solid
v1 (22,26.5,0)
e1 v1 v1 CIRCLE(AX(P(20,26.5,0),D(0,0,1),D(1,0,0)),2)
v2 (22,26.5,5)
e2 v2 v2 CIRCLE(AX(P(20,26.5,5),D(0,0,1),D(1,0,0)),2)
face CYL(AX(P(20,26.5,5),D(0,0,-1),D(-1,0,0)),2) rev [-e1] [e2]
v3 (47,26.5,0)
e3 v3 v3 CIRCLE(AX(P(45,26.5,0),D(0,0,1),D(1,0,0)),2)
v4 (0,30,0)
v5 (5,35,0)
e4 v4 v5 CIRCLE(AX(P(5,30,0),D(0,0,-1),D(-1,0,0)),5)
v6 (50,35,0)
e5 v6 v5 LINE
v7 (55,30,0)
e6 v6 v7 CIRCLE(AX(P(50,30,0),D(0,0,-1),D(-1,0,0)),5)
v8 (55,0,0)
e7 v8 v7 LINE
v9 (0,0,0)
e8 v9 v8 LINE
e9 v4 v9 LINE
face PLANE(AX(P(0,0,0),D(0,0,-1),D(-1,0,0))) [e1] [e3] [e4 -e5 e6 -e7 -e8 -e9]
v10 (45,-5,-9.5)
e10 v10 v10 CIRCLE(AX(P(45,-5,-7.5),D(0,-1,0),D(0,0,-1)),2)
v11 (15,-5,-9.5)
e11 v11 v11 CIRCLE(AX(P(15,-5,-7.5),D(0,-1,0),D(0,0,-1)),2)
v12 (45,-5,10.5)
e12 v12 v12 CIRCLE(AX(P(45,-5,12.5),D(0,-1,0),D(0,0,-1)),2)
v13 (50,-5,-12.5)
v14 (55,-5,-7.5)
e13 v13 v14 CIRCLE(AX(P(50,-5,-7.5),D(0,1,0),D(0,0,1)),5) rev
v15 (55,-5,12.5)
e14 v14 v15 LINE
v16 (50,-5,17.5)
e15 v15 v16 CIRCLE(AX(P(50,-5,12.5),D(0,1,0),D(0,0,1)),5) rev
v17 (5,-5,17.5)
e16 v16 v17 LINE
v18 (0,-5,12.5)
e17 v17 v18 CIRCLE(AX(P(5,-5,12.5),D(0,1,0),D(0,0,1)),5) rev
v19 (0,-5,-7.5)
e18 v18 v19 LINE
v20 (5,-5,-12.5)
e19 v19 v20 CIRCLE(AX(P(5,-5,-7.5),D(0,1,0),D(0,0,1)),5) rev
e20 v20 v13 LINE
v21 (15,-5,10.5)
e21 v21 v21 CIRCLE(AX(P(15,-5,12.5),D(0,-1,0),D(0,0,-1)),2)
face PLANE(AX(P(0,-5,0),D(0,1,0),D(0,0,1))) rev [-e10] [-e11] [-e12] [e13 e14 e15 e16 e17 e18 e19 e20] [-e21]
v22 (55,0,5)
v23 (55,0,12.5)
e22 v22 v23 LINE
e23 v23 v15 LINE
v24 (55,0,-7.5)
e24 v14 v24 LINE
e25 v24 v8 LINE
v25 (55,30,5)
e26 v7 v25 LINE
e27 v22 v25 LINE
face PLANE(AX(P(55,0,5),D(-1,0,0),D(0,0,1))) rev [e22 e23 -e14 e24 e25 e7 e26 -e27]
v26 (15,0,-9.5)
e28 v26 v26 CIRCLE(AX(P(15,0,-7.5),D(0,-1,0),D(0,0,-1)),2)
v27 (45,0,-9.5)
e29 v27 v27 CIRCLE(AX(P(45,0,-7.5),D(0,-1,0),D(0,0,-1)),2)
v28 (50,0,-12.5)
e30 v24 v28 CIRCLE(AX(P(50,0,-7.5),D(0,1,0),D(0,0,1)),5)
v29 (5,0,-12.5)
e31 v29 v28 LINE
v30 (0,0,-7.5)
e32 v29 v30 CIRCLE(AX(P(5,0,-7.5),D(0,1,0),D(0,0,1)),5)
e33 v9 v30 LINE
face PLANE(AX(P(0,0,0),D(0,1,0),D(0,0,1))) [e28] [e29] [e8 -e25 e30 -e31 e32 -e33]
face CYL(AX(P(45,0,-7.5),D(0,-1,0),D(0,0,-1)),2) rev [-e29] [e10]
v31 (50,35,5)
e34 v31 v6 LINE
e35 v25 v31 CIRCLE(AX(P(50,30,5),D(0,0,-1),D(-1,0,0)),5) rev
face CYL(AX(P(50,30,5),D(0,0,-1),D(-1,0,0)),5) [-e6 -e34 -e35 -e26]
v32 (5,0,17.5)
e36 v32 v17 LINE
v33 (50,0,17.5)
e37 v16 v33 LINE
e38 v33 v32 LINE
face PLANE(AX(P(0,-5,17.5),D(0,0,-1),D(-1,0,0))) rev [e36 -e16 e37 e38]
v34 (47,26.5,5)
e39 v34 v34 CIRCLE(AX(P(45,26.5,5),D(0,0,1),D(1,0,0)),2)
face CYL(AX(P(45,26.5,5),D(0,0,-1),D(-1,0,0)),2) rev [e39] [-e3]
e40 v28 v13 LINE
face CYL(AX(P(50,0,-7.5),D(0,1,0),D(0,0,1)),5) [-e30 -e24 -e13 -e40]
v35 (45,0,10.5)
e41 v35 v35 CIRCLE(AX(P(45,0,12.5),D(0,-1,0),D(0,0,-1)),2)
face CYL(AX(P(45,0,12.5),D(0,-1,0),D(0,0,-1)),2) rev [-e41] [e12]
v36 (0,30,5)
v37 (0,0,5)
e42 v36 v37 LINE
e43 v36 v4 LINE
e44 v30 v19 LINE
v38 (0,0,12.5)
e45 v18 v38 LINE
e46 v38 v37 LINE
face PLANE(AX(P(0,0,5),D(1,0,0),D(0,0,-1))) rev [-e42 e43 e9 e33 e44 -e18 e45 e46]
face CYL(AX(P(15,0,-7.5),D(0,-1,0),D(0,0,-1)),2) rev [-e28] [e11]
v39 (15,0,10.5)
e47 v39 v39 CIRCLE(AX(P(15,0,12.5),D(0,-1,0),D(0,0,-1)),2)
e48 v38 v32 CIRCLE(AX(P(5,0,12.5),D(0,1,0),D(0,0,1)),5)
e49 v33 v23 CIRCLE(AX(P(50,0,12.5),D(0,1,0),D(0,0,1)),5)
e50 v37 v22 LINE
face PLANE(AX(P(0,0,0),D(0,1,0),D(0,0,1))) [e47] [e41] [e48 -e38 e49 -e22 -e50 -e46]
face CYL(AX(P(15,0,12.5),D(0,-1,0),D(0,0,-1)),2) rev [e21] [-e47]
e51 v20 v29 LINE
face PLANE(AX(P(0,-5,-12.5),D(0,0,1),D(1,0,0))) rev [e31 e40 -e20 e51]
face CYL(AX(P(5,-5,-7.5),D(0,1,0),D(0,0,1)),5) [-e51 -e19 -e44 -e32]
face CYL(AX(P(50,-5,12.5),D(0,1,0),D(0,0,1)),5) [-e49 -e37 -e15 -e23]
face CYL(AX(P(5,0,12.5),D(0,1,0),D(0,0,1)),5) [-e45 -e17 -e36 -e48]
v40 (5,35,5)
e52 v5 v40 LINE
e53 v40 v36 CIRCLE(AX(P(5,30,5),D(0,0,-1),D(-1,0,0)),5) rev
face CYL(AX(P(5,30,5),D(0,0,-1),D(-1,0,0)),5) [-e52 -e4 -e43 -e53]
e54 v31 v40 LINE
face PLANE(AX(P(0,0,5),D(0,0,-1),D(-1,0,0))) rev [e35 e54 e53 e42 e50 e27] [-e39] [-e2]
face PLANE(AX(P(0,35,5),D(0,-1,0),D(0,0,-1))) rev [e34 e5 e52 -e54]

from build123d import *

# Parameters (mm, degrees)
SKETCH1_W           = 55
SKETCH1_H           = 35
SKETCH1_R           = 2
BOSS_EXTRUDE1_DEPTH = 5
SKETCH2_W           = 55
SKETCH2_H           = 30
BOSS_EXTRUDE2_DEPTH = 5
CUT_EXTRUDE1_DEPTH  = 5
FILLET1_R           = 5


with BuildPart() as part:
    # Sketch1 → Boss-Extrude1 (new body)
    with BuildSketch(Plane.XY):
        with Locations((27.5, 17.5)):
            Rectangle(SKETCH1_W, SKETCH1_H)
        with Locations((20, 26.5)):
            Circle(SKETCH1_R, mode=Mode.SUBTRACT)
        with Locations((45, 26.5)):
            Circle(SKETCH1_R, mode=Mode.SUBTRACT)
    extrude(amount=BOSS_EXTRUDE1_DEPTH)

    # Sketch2 → Boss-Extrude2 (add)
    with BuildSketch(Plane.XZ):
        with Locations((27.5, 2.5)):
            Rectangle(SKETCH2_W, SKETCH2_H)
    extrude(amount=BOSS_EXTRUDE2_DEPTH)

    # Sketch5 → Cut-Extrude1 (cut)
    with BuildSketch(Plane.XZ.offset(5)):
        with BuildLine():
            ThreePointArc((17, 12.5), (13.585786438, 13.914213562), (15, 10.5))
            Line((15, 10.5), (15, 12.5))
            Line((15, 12.5), (17, 12.5))
        make_face()
        with BuildLine():
            Line((15, 12.5), (15, 10.5))
            ThreePointArc((15, 10.5), (16.414213562, 11.085786438), (17, 12.5))
            Line((17, 12.5), (15, 12.5))
        make_face()
        with BuildLine():
            ThreePointArc((43, 12.5), (43.585786438, 11.085786438), (45, 10.5))
            Line((45, 10.5), (45, 12.5))
            Line((45, 12.5), (43, 12.5))
        make_face()
        with BuildLine():
            Line((45, 12.5), (45, 10.5))
            ThreePointArc((45, 10.5), (46.414213562, 11.085786438), (47, 12.5))
            ThreePointArc((47, 12.5), (45, 14.5), (43, 12.5))
            Line((43, 12.5), (45, 12.5))
        make_face()
        with BuildLine():
            ThreePointArc((45, -5.5), (43.585786438, -6.085786438), (43, -7.5))
            Line((43, -7.5), (45, -7.5))
            Line((45, -7.5), (45, -5.5))
        make_face()
        with BuildLine():
            Line((45, -7.5), (43, -7.5))
            ThreePointArc((43, -7.5), (45, -9.5), (47, -7.5))
            ThreePointArc((47, -7.5), (46.414213562, -6.085786438), (45, -5.5))
            Line((45, -5.5), (45, -7.5))
        make_face()
        with BuildLine():
            Line((15, -5.5), (15, -7.5))
            Line((15, -7.5), (17, -7.5))
            ThreePointArc((17, -7.5), (16.414213562, -6.085786438), (15, -5.5))
        make_face()
        with BuildLine():
            Line((17, -7.5), (15, -7.5))
            Line((15, -7.5), (15, -5.5))
            ThreePointArc((15, -5.5), (13.585786438, -8.914213562), (17, -7.5))
        make_face()
    extrude(amount=-CUT_EXTRUDE1_DEPTH, mode=Mode.SUBTRACT)

    # Fillet1
    fillet1_edges = [part.edges().sort_by_distance(p)[0] for p in [
        (0, -2.5, 17.5),
        (0, -2.5, -12.5),
        (55, -2.5, -12.5),
        (55, -2.5, 17.5),
        (0, 35, 2.5),
        (55, 35, 2.5),
    ]]
    fillet(fillet1_edges, radius=FILLET1_R)


solid = part.part
